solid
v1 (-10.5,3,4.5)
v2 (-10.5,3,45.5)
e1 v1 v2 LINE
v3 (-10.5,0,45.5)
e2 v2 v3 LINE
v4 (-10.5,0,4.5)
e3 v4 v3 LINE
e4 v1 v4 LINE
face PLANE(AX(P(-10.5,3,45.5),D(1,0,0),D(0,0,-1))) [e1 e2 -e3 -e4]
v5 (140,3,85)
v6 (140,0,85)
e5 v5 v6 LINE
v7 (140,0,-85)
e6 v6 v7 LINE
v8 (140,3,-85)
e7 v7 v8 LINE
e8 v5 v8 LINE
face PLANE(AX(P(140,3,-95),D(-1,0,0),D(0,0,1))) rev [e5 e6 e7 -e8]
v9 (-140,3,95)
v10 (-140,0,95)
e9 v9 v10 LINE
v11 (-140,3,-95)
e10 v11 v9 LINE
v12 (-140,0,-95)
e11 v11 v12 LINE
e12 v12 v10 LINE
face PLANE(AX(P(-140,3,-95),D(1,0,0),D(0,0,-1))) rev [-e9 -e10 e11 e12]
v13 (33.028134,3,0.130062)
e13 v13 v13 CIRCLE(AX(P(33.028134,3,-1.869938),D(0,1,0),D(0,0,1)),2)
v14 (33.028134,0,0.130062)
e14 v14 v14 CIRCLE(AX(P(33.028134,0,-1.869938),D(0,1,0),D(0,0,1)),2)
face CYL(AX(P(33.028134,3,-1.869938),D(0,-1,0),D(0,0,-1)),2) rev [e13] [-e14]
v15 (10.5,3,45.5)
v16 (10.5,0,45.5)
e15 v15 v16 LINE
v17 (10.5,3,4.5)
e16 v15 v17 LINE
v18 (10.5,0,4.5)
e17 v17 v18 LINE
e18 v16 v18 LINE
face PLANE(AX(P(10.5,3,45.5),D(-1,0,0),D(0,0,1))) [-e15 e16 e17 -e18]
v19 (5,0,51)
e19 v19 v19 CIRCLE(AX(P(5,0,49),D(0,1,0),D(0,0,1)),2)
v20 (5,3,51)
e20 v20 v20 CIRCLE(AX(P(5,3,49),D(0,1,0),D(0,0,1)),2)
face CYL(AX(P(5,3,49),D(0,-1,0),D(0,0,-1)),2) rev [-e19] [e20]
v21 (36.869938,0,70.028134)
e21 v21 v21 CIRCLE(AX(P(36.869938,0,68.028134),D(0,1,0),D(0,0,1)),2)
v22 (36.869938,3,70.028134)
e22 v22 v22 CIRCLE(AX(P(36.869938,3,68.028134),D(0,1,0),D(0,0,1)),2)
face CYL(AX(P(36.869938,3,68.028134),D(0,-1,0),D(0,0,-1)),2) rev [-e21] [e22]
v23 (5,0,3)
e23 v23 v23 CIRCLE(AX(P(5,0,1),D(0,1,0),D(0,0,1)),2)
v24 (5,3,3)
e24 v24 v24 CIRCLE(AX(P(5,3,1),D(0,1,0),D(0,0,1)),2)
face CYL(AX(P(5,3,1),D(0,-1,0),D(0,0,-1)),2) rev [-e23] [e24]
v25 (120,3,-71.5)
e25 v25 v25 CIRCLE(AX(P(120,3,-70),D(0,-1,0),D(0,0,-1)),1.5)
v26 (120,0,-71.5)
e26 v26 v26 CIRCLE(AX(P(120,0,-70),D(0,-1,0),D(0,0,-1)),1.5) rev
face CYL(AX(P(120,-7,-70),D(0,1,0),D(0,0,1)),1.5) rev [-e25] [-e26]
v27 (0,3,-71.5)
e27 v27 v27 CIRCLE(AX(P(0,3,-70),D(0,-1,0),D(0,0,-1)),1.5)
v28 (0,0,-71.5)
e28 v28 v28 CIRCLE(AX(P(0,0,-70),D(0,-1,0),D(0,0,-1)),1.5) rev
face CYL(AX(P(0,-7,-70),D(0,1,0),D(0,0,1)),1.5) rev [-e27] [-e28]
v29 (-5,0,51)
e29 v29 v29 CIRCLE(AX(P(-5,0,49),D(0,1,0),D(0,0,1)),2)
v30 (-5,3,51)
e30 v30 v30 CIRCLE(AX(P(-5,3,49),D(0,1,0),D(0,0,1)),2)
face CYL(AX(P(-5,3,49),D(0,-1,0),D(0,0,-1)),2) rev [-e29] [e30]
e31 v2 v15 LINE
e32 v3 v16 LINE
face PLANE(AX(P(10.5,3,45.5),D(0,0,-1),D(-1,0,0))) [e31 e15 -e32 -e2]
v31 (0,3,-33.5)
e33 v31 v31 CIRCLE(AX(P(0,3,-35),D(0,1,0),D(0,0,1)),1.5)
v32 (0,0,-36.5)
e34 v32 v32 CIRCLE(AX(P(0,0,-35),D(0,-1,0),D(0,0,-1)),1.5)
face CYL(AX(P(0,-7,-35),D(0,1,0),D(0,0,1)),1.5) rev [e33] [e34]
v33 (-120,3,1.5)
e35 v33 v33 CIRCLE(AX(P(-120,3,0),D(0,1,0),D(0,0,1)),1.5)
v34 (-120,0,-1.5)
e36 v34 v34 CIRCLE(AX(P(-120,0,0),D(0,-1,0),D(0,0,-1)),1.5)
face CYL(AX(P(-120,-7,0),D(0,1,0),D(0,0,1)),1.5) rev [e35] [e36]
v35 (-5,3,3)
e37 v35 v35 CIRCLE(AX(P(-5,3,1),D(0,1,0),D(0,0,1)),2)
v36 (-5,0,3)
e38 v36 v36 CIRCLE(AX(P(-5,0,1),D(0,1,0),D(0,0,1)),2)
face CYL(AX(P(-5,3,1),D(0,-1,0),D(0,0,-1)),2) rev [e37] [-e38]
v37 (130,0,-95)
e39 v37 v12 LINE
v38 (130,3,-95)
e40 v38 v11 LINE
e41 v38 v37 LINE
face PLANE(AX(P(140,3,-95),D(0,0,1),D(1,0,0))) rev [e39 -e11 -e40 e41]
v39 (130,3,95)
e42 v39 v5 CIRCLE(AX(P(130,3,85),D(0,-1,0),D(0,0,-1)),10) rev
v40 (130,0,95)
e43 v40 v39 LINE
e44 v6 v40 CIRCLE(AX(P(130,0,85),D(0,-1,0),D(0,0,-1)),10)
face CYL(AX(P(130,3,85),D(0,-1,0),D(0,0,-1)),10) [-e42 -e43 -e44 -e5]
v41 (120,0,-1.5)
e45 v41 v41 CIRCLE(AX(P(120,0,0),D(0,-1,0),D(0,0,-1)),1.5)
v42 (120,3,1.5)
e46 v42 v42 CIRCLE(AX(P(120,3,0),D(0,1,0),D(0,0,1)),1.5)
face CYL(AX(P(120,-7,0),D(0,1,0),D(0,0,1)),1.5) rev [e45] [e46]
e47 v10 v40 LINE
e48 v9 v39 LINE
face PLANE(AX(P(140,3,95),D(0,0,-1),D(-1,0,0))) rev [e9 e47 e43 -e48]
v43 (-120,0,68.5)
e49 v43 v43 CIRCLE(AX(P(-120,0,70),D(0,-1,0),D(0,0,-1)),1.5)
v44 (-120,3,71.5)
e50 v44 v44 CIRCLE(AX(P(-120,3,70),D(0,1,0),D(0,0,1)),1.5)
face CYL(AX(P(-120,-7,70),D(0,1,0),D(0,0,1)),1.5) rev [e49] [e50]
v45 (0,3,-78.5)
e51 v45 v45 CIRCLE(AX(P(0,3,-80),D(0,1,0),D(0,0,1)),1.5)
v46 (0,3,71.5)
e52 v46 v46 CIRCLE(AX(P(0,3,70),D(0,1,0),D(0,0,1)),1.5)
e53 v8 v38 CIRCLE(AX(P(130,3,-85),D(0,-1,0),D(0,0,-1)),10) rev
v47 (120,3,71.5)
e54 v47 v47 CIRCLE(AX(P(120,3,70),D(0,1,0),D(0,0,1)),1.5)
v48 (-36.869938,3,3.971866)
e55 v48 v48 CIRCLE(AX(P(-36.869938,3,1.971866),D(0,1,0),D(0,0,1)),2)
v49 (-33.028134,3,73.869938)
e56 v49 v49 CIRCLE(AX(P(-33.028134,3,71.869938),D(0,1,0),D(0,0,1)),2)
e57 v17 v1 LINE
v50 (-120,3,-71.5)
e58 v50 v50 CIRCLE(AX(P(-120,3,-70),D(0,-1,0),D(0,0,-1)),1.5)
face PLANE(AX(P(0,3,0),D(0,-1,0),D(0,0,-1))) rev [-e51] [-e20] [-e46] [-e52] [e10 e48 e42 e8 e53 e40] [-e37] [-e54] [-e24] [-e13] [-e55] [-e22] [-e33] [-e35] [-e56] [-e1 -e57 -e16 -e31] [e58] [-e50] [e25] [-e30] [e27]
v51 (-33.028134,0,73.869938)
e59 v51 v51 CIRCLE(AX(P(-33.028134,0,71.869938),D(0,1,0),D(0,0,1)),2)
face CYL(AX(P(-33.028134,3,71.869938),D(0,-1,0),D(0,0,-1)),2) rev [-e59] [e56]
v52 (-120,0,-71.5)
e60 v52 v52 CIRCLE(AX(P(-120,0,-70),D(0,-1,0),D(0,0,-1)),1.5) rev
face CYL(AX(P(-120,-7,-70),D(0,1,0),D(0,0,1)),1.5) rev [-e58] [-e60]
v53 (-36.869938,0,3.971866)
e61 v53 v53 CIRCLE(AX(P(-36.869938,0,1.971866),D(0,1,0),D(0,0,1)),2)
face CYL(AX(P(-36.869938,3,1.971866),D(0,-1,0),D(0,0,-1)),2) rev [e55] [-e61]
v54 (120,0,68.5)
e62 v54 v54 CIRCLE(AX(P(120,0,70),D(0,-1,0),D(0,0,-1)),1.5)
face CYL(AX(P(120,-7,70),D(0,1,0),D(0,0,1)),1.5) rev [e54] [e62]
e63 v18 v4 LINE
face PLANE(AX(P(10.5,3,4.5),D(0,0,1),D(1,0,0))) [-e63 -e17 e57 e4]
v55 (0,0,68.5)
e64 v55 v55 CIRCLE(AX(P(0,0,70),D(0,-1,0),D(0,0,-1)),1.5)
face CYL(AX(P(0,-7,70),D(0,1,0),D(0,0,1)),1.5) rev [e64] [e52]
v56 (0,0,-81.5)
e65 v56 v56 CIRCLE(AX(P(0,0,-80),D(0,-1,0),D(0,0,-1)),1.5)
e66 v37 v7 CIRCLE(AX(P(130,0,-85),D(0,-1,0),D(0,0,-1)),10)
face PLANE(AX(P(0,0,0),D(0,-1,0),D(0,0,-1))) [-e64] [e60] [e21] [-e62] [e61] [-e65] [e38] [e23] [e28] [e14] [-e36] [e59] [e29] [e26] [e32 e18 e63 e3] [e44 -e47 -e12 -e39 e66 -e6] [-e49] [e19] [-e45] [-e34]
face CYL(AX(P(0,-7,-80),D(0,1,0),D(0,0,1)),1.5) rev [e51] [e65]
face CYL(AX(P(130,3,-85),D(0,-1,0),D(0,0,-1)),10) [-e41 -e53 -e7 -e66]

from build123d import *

# Parameters (mm, degrees)
SKETCH_1_W          = 280
SKETCH_1_H          = 190
SKETCH_1_R          = 2
SKETCH_1_W_2        = 21
SKETCH_1_H_2        = 41
EXTRUDE_1_DEPTH     = 3
FILLET_1_R          = 10
SKETCH_2_R          = 1.5
CUT_EXTRUDE_1_DEPTH = 10
SKETCH_3_R          = 1.5
CUT_EXTRUDE_2_DEPTH = 10
SKETCH_4_R          = 1.5
CUT_EXTRUDE_3_DEPTH = 10


with BuildPart() as part:
    # 草图1 → 凸台-拉伸1 (new body)
    with BuildSketch(Plane(origin=(0, 0, 0), x_dir=(1, 0, 0), z_dir=(0, 1, 0))):
        Rectangle(SKETCH_1_W, SKETCH_1_H)
        with Locations(Location((5, -1, 0), (0, 0, 270))):
            Circle(SKETCH_1_R, mode=Mode.SUBTRACT)
        with Locations(Location((-5, -1, 0), (0, 0, 270))):
            Circle(SKETCH_1_R, mode=Mode.SUBTRACT)
        with Locations(Location((-5, -49, 0), (0, 0, 270))):
            Circle(SKETCH_1_R, mode=Mode.SUBTRACT)
        with Locations(Location((-33.028134356, -71.869938174, 0), (0, 0, 270))):
            Circle(SKETCH_1_R, mode=Mode.SUBTRACT)
        with Locations(Location((5, -49, 0), (0, 0, 270))):
            Circle(SKETCH_1_R, mode=Mode.SUBTRACT)
        with Locations(Location((-36.869938174, -1.971865644, 0), (0, 0, 270))):
            Circle(SKETCH_1_R, mode=Mode.SUBTRACT)
        with Locations(Location((33.028134356, 1.869938174, 0), (0, 0, 270))):
            Circle(SKETCH_1_R, mode=Mode.SUBTRACT)
        with Locations(Location((36.869938174, -68.028134356, 0), (0, 0, 270))):
            Circle(SKETCH_1_R, mode=Mode.SUBTRACT)
        with Locations((0, -25)):
            Rectangle(SKETCH_1_W_2, SKETCH_1_H_2, mode=Mode.SUBTRACT)
    extrude(amount=EXTRUDE_1_DEPTH)

    # 圆角1
    fillet_1_edges = [part.edges().sort_by_distance(p)[0] for p in [
        (140, 1.5, 95),
        (140, 1.5, -95),
    ]]
    fillet(fillet_1_edges, radius=FILLET_1_R)

    # 草图2 → 切除-拉伸1 (cut)
    with BuildSketch(Plane(origin=(0, 3, 0), x_dir=(1, 0, 0), z_dir=(0, 1, 0))):
        with Locations(Location((120, -70, 0), (0, 0, 270))):
            Circle(SKETCH_2_R)
        with Locations(Location((0, -70, 0), (0, 0, 270))):
            Circle(SKETCH_2_R)
        with Locations(Location((-120, -70, 0), (0, 0, 270))):
            Circle(SKETCH_2_R)
    cut_extrude_1 = extrude(amount=-CUT_EXTRUDE_1_DEPTH, mode=Mode.SUBTRACT)

    # 镜向1: 切除-拉伸1 across plane
    add(cut_extrude_1.mirror(Plane.XY), mode=Mode.SUBTRACT)

    # 草图3 → 切除-拉伸2 (cut)
    with BuildSketch(Plane(origin=(0, 3, 0), x_dir=(1, 0, 0), z_dir=(0, 1, 0))):
        with Locations(Location((120, 0, 0), (0, 0, 270))):
            Circle(SKETCH_3_R)
        with Locations(Location((-120, 0, 0), (0, 0, 270))):
            Circle(SKETCH_3_R)
    extrude(amount=-CUT_EXTRUDE_2_DEPTH, mode=Mode.SUBTRACT)

    # 草图4 → 切除-拉伸3 (cut)
    with BuildSketch(Plane(origin=(0, 3, 0), x_dir=(1, 0, 0), z_dir=(0, 1, 0))):
        with Locations(Location((0, 80, 0), (0, 0, 270))):
            Circle(SKETCH_4_R)
        with Locations(Location((0, 35, 0), (0, 0, 270))):
            Circle(SKETCH_4_R)
    extrude(amount=-CUT_EXTRUDE_3_DEPTH, mode=Mode.SUBTRACT)


solid = part.part
